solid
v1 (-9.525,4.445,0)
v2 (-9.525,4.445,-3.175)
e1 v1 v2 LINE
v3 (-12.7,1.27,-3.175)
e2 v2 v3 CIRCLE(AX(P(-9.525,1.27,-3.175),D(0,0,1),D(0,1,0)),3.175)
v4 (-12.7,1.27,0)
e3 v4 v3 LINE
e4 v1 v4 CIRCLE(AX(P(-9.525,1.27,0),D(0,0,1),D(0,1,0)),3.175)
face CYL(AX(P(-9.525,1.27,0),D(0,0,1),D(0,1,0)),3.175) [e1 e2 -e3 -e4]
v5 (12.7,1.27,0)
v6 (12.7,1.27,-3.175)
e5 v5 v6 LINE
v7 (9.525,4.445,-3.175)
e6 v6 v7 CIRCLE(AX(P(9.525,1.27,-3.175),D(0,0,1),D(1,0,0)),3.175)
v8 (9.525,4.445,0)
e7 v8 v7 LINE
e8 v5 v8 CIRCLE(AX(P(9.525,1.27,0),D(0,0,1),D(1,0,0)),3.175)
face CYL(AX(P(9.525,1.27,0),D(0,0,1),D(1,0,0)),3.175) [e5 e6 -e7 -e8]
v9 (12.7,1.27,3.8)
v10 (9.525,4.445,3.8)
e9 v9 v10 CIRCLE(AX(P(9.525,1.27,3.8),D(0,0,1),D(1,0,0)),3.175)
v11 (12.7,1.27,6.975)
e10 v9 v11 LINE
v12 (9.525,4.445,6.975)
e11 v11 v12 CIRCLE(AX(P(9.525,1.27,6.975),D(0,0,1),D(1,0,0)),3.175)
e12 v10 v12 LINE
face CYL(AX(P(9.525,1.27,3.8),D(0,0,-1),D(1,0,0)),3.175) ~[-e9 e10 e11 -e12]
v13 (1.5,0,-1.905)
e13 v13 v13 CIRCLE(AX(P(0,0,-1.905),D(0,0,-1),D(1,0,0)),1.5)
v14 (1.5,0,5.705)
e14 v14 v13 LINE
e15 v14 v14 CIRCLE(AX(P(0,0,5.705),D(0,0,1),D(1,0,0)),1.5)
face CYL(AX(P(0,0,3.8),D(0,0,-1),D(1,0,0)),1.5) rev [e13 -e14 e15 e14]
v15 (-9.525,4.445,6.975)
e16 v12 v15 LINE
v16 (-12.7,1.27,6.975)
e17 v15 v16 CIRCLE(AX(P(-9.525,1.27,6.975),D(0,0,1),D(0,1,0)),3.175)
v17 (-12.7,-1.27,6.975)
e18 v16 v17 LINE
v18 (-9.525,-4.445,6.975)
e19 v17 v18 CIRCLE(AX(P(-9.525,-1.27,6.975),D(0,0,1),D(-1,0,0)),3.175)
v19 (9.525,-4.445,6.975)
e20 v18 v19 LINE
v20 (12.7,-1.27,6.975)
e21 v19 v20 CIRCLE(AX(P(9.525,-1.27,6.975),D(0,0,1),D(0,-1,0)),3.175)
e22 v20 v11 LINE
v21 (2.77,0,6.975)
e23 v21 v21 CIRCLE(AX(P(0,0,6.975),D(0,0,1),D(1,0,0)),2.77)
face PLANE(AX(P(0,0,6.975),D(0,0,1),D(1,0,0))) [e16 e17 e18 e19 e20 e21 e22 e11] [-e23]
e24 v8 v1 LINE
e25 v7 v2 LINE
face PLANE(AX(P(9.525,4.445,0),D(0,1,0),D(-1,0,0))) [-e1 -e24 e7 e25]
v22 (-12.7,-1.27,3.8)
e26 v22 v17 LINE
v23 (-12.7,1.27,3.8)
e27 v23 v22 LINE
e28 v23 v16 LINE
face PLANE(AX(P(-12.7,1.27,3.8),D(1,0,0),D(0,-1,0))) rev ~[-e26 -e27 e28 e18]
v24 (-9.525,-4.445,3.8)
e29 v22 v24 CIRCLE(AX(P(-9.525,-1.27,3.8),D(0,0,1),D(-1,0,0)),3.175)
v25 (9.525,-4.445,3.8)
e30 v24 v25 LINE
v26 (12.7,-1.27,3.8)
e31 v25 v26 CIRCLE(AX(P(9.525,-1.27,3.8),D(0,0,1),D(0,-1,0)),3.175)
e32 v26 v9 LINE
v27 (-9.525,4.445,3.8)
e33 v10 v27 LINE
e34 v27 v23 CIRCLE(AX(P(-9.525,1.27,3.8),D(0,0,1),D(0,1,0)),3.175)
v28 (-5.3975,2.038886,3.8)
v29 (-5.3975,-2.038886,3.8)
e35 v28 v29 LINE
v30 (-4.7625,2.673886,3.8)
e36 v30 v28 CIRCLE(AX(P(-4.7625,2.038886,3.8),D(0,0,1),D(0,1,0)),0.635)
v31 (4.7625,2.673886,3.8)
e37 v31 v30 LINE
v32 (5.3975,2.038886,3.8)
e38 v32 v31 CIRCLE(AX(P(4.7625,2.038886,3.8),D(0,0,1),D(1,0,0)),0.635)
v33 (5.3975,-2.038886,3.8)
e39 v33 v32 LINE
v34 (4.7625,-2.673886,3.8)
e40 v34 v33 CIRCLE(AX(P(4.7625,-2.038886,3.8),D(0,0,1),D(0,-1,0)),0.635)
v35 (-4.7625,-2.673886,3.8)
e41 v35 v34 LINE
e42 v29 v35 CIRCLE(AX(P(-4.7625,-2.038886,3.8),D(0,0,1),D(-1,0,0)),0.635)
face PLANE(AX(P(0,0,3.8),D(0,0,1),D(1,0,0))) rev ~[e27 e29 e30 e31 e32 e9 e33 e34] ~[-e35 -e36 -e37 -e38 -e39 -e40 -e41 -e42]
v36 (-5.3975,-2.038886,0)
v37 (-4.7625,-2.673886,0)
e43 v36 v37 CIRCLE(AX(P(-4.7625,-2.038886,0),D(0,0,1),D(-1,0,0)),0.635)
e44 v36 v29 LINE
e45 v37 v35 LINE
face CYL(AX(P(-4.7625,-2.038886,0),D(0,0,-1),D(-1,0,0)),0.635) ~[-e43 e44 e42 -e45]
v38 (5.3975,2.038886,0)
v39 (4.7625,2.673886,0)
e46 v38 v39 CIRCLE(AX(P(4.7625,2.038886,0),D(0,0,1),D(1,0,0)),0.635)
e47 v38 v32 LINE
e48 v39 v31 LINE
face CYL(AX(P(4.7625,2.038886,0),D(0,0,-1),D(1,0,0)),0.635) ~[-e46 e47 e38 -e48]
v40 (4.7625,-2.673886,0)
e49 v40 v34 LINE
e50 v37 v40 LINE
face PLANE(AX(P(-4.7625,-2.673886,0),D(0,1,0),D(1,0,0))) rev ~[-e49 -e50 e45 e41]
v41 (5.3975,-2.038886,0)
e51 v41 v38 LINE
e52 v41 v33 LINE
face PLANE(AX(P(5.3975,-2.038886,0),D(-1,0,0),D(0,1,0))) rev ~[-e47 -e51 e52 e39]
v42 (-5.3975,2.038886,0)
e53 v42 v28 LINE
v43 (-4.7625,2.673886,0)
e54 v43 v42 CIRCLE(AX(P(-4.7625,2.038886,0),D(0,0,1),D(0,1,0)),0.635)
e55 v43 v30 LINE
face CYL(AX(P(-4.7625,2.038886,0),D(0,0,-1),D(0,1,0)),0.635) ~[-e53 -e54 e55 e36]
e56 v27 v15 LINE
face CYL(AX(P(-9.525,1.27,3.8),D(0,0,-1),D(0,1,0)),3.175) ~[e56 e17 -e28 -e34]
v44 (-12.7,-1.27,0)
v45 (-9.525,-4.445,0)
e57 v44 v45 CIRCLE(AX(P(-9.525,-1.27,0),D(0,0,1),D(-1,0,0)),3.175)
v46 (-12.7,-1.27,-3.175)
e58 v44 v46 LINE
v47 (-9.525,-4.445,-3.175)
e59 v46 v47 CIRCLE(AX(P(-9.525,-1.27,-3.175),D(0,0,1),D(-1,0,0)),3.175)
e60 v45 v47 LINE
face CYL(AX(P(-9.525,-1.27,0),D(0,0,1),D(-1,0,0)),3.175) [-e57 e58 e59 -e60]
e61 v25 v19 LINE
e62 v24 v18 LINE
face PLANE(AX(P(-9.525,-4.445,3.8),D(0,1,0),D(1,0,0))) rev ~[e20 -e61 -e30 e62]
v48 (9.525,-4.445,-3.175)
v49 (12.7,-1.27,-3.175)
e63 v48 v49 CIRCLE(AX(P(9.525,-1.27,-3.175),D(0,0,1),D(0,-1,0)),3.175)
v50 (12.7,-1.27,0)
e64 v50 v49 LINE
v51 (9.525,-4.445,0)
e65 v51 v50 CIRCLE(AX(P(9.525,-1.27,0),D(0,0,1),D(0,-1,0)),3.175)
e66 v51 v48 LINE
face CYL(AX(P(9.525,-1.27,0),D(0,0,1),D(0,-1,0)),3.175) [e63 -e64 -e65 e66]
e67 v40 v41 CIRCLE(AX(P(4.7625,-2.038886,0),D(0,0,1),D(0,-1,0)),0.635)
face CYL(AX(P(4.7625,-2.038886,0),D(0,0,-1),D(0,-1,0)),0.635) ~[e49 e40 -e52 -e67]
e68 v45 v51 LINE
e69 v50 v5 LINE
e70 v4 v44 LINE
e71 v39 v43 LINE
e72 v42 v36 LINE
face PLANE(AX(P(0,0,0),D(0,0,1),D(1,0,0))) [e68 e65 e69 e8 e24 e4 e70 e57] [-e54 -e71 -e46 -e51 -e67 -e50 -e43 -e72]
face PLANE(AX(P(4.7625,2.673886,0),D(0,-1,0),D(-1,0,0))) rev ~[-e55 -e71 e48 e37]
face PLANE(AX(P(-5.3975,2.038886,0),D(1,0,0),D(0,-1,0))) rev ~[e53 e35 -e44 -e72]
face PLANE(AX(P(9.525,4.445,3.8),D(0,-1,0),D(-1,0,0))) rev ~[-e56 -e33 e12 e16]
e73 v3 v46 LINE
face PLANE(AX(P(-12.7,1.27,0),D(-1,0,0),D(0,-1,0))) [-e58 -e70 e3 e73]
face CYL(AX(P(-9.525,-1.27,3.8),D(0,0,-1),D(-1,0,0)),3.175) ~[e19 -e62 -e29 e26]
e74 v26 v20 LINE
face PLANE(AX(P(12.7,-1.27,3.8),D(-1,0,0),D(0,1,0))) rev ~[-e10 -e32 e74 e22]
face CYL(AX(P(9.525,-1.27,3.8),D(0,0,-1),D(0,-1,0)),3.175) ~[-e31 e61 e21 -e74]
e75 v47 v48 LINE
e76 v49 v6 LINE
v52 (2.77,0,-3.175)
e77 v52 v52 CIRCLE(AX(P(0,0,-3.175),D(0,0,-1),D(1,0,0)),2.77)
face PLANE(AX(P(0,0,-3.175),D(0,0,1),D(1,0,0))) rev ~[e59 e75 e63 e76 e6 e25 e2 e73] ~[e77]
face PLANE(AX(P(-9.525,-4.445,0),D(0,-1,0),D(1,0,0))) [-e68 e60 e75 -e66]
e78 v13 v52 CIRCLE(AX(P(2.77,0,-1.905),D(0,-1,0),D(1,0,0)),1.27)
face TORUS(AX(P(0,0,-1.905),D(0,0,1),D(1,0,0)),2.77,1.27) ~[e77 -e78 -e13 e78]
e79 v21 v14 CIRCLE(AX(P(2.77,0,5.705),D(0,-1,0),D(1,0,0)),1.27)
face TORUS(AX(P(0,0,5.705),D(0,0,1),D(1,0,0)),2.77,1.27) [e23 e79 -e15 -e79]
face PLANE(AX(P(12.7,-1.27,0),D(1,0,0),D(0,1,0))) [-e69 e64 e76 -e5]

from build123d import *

# Parameters (mm, degrees)
F0_R      = 1.5
F1_DEPTH  = 3.8
F1_FACE_R = 1.5
F2_DEPTH  = 3.175
F3_R      = 1.5
F4_DEPTH  = 3.175
F5_R      = 1.27
F6_R      = 1.27


with BuildPart() as f1:
    # F0 (on Top) → F1 (new body)
    with BuildSketch(Plane.XY):
        with BuildLine():
            ThreePointArc((5.3975, 2.0388861202), (5.2115128061, 2.4878989263), (4.7625, 2.6738861202))
            Line((4.7625, 2.6738861202), (-4.7625, 2.6738861202))
            ThreePointArc((-4.7625, 2.6738861202), (-5.2115128061, 2.4878989263), (-5.3975, 2.0388861202))
            Line((-5.3975, 2.0388861202), (-5.3975, -2.0388861202))
            ThreePointArc((-5.3975, -2.0388861202), (-5.2115128061, -2.4878989263), (-4.7625, -2.6738861202))
            Line((-4.7625, -2.6738861202), (4.7625, -2.6738861202))
            ThreePointArc((4.7625, -2.6738861202), (5.2115128061, -2.4878989263), (5.3975, -2.0388861202))
            Line((5.3975, -2.0388861202), (5.3975, 2.0388861202))
        make_face()
        Circle(F0_R, mode=Mode.SUBTRACT)
    extrude(amount=F1_DEPTH)

    # F0 (on Top) + F1_face (on face) → F2 (join)
    with BuildSketch(Plane.XY):
        with BuildLine():
            ThreePointArc((12.7, 1.27), (11.7700640303, 3.5150640303), (9.525, 4.445))
            Line((9.525, 4.445), (-9.525, 4.445))
            ThreePointArc((-9.525, 4.445), (-11.7700640303, 3.5150640303), (-12.7, 1.27))
            Line((-12.7, 1.27), (-12.7, -1.27))
            ThreePointArc((-12.7, -1.27), (-11.7700640303, -3.5150640303), (-9.525, -4.445))
            Line((-9.525, -4.445), (9.525, -4.445))
            ThreePointArc((9.525, -4.445), (11.7700640303, -3.5150640303), (12.7, -1.27))
            Line((12.7, -1.27), (12.7, 1.27))
        make_face()
        with BuildLine():
            Line((-4.7625, 2.6738861202), (4.7625, 2.6738861202))
            ThreePointArc((4.7625, 2.6738861202), (5.2115128061, 2.4878989263), (5.3975, 2.0388861202))
            Line((5.3975, 2.0388861202), (5.3975, -2.0388861202))
            ThreePointArc((5.3975, -2.0388861202), (5.2115128061, -2.4878989263), (4.7625, -2.6738861202))
            Line((4.7625, -2.6738861202), (-4.7625, -2.6738861202))
            ThreePointArc((-4.7625, -2.6738861202), (-5.2115128061, -2.4878989263), (-5.3975, -2.0388861202))
            Line((-5.3975, -2.0388861202), (-5.3975, 2.0388861202))
            ThreePointArc((-5.3975, 2.0388861202), (-5.2115128061, 2.4878989263), (-4.7625, 2.6738861202))
        make_face(mode=Mode.SUBTRACT)
    with BuildSketch(Plane(origin=(0, 0, 0), x_dir=(1, 0, 0), z_dir=(0, 0, -1))):
        with BuildLine():
            ThreePointArc((4.7625, -2.6738861202), (5.2115128061, -2.4878989263), (5.3975, -2.0388861202))
            Line((5.3975, -2.0388861202), (5.3975, 2.0388861202))
            ThreePointArc((5.3975, 2.0388861202), (5.2115128061, 2.4878989263), (4.7625, 2.6738861202))
            Line((4.7625, 2.6738861202), (-4.7625, 2.6738861202))
            ThreePointArc((-4.7625, 2.6738861202), (-5.2115128061, 2.4878989263), (-5.3975, 2.0388861202))
            Line((-5.3975, 2.0388861202), (-5.3975, -2.0388861202))
            ThreePointArc((-5.3975, -2.0388861202), (-5.2115128061, -2.4878989263), (-4.7625, -2.6738861202))
            Line((-4.7625, -2.6738861202), (4.7625, -2.6738861202))
        make_face()
        Circle(F1_FACE_R, mode=Mode.SUBTRACT)
    extrude(amount=-F2_DEPTH, dir=(0, 0, 1))

    # F3 (on face) → F4 (join)
    with BuildSketch(Plane.XY.offset(3.8)):
        with BuildLine():
            ThreePointArc((12.7, 1.27), (11.7700640303, 3.5150640303), (9.525, 4.445))
            Line((9.525, 4.445), (-9.525, 4.445))
            ThreePointArc((-9.525, 4.445), (-11.7700640303, 3.5150640303), (-12.7, 1.27))
            Line((-12.7, 1.27), (-12.7, -1.27))
            ThreePointArc((-12.7, -1.27), (-11.7700640303, -3.5150640303), (-9.525, -4.445))
            Line((-9.525, -4.445), (9.525, -4.445))
            ThreePointArc((9.525, -4.445), (11.7700640303, -3.5150640303), (12.7, -1.27))
            Line((12.7, -1.27), (12.7, 1.27))
        make_face()
        with BuildLine():
            ThreePointArc((4.7625, 2.6738861202), (5.2115128061, 2.4878989263), (5.3975, 2.0388861202))
            Line((5.3975, 2.0388861202), (5.3975, -2.0388861202))
            ThreePointArc((5.3975, -2.0388861202), (5.2115128061, -2.4878989263), (4.7625, -2.6738861202))
            Line((4.7625, -2.6738861202), (-4.7625, -2.6738861202))
            ThreePointArc((-4.7625, -2.6738861202), (-5.2115128061, -2.4878989263), (-5.3975, -2.0388861202))
            Line((-5.3975, -2.0388861202), (-5.3975, 2.0388861202))
            ThreePointArc((-5.3975, 2.0388861202), (-5.2115128061, 2.4878989263), (-4.7625, 2.6738861202))
            Line((-4.7625, 2.6738861202), (4.7625, 2.6738861202))
        make_face(mode=Mode.SUBTRACT)
        with BuildLine():
            Line((5.3975, -2.0388861202), (5.3975, 2.0388861202))
            ThreePointArc((5.3975, 2.0388861202), (5.2115128061, 2.4878989263), (4.7625, 2.6738861202))
            Line((4.7625, 2.6738861202), (-4.7625, 2.6738861202))
            ThreePointArc((-4.7625, 2.6738861202), (-5.2115128061, 2.4878989263), (-5.3975, 2.0388861202))
            Line((-5.3975, 2.0388861202), (-5.3975, -2.0388861202))
            ThreePointArc((-5.3975, -2.0388861202), (-5.2115128061, -2.4878989263), (-4.7625, -2.6738861202))
            Line((-4.7625, -2.6738861202), (4.7625, -2.6738861202))
            ThreePointArc((4.7625, -2.6738861202), (5.2115128061, -2.4878989263), (5.3975, -2.0388861202))
        make_face()
        Circle(F3_R, mode=Mode.SUBTRACT)
    extrude(amount=F4_DEPTH)

    # F5
    f5_edges = [f1.edges().sort_by_distance(p)[0] for p in [
        (-1.5, 0, 6.975),
    ]]
    fillet(f5_edges, radius=F5_R)

    # F6
    f6_edges = [f1.edges().sort_by_distance(p)[0] for p in [
        (-1.5, 0, -3.175),
    ]]
    fillet(f6_edges, radius=F6_R)


solid = f1.part
